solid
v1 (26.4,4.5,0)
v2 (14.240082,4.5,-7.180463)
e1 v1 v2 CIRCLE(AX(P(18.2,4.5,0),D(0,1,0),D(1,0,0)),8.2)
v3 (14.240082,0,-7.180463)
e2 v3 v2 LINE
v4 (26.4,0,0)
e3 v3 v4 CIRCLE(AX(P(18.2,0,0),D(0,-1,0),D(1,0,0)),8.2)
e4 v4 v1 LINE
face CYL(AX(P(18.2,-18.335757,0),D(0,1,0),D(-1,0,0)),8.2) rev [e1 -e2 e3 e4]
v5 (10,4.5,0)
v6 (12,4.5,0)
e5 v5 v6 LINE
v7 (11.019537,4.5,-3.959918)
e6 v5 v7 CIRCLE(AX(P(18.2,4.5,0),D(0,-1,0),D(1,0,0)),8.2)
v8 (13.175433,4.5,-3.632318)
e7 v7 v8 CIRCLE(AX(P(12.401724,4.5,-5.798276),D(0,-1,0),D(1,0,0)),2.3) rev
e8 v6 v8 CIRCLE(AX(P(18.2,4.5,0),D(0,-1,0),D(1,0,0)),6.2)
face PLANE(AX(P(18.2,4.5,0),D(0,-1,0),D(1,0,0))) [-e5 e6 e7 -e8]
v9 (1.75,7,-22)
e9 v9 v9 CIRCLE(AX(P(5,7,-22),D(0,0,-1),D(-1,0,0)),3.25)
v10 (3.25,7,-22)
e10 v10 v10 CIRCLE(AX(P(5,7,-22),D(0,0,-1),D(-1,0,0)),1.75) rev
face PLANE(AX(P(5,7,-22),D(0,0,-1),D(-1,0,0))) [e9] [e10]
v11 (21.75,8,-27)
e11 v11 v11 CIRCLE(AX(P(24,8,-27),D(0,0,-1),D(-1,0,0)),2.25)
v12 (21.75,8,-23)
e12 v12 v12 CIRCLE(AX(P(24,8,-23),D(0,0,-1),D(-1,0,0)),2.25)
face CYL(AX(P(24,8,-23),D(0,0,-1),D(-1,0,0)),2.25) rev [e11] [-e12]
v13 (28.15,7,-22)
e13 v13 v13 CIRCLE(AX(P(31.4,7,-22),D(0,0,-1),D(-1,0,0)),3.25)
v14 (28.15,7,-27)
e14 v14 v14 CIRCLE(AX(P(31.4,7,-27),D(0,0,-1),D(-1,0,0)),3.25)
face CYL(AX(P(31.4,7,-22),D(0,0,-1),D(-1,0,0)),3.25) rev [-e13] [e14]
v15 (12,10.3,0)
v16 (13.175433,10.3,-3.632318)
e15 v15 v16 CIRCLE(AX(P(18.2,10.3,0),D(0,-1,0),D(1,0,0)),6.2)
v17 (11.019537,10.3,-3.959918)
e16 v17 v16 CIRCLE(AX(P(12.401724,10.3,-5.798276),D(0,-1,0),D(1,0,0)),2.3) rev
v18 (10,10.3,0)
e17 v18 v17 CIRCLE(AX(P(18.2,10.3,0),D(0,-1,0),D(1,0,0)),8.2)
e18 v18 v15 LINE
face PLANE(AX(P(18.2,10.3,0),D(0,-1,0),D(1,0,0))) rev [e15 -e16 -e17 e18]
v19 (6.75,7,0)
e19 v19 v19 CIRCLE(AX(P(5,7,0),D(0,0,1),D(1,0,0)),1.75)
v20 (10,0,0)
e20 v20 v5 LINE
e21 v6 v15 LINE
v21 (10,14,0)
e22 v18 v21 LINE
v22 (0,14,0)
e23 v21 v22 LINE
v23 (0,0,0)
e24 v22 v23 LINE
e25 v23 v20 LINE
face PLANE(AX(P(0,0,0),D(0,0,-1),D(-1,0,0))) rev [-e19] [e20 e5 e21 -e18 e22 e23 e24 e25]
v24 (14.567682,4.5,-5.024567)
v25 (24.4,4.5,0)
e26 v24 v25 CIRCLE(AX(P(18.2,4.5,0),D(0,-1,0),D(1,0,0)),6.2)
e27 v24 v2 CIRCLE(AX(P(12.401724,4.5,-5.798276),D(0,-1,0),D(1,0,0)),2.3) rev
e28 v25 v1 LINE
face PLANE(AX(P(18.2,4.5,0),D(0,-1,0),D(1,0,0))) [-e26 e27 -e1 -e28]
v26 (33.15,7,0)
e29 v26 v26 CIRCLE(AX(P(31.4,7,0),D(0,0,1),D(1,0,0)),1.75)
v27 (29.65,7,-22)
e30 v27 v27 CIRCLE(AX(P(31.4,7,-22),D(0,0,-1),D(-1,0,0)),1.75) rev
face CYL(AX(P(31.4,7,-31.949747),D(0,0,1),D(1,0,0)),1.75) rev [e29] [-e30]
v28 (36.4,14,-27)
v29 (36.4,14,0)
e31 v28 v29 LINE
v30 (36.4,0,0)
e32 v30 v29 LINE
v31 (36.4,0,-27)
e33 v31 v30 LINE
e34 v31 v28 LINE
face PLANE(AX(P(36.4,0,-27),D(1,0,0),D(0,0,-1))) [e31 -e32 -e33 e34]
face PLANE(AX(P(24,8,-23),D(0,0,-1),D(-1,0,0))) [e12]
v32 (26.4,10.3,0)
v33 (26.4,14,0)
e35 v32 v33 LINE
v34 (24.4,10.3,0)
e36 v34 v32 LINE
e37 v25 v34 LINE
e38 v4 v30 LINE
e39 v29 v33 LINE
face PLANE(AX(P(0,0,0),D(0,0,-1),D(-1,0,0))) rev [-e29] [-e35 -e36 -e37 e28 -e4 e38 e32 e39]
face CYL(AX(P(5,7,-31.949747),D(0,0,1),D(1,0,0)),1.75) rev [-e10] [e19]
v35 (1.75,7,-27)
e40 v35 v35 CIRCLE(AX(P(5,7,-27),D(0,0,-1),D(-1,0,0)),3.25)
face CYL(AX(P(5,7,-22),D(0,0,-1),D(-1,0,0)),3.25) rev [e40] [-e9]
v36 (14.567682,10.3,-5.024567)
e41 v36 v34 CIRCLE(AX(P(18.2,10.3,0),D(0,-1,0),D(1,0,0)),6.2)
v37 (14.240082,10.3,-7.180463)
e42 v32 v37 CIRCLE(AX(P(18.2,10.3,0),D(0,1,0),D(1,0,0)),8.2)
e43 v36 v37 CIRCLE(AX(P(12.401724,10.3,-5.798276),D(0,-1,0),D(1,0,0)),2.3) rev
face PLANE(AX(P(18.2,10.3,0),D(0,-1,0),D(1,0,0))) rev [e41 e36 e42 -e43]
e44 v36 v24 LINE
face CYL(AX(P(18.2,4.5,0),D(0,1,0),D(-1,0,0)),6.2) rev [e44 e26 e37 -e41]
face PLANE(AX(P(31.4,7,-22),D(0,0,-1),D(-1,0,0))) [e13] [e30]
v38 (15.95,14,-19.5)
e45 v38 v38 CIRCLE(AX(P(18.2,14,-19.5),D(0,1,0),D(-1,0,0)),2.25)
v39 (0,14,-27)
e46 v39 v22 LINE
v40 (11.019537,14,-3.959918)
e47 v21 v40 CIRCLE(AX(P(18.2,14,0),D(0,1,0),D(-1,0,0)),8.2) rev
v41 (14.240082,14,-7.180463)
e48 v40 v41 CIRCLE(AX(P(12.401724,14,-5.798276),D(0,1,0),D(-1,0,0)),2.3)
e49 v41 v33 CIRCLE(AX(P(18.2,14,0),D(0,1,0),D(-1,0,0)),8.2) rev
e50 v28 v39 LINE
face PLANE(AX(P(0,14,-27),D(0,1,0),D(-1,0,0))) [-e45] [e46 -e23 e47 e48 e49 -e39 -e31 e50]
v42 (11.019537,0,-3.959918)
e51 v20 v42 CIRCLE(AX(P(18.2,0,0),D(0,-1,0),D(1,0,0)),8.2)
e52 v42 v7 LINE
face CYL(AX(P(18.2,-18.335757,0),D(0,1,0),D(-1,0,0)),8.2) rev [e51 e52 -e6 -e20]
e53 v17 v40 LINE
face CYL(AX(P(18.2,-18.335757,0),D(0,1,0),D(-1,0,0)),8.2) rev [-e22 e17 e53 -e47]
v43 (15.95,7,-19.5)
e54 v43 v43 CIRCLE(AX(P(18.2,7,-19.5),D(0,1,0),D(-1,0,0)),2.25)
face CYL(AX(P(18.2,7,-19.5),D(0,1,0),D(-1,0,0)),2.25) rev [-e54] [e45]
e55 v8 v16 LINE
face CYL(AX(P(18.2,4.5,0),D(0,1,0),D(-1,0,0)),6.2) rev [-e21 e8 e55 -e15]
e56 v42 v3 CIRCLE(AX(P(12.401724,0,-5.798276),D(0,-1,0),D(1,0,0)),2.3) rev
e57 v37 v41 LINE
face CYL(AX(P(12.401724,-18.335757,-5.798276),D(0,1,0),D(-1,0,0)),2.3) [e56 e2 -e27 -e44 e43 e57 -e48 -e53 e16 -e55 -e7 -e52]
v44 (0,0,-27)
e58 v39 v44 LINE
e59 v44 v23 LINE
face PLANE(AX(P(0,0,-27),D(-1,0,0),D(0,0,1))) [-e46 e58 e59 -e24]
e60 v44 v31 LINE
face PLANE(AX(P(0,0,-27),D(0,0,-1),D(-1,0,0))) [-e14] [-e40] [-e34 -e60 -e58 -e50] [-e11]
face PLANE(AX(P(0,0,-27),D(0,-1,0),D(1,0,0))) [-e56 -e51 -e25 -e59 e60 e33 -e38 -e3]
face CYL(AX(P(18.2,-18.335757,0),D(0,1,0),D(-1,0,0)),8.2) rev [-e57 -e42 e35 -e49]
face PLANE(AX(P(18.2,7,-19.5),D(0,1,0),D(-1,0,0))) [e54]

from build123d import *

# Parameters (mm, degrees)
SKETCH1_W                          = 36.4
SKETCH1_H                          = 14
BOSS_EXTRUDE1_DEPTH                = 27
CUT_EXTRUDE1_DEPTH                 = 14
BOSS_EXTRUDE2_START                = -3.7
BOSS_EXTRUDE2_DEPTH                = 5.8
SKETCH3_R                          = 1.75
CUT_EXTRUDE2_DEPTH                 = 27
SKETCH5_R                          = 3.25
CUT_EXTRUDE3_DEPTH                 = 5
SKETCH6_R                          = 2.25
HEAT_SET_INSERT_FOR_EXTRUDER_DEPTH = 7
SKETCH8_R                          = 2.25
CUT_EXTRUDE4_DEPTH                 = 4


with BuildPart() as part:
    # Sketch1 → Boss-Extrude1 (new body)
    with BuildSketch(Plane.XY):
        with Locations((18.2, 7)):
            Rectangle(SKETCH1_W, SKETCH1_H)
    extrude(amount=-BOSS_EXTRUDE1_DEPTH)

    # Sketch2 → Cut-Extrude1 (cut)
    with BuildSketch(Plane(origin=(0, 14, 0), x_dir=(1, 0, 0), z_dir=(0, 1, 0))):
        with BuildLine():
            ThreePointArc((11.019537046, 3.959918151), (10.258973737, 2.044529747), (10, 0))
            Line((10, 0), (26.4, 0))
            ThreePointArc((26.4, 0), (22.369452672, 7.060854369), (14.240081849, 7.180462954))
            ThreePointArc((14.240081849, 7.180462954), (14.028069991, 4.171930009), (11.019537046, 3.959918151))
        make_face()
    extrude(amount=-CUT_EXTRUDE1_DEPTH, mode=Mode.SUBTRACT)

    # Sketch4 → Boss-Extrude2 (add)
    with BuildSketch(Plane(origin=(0, 14, 0), x_dir=(1, 0, 0), z_dir=(0, 1, 0)).offset(BOSS_EXTRUDE2_START)):
        with BuildLine():
            Line((12, 0), (10, 0))
            ThreePointArc((10, 0), (18.2, 8.2), (26.4, 0))
            Line((26.4, 0), (24.4, 0))
            ThreePointArc((24.4, 0), (18.2, 6.2), (12, 0))
        make_face()
    extrude(amount=-BOSS_EXTRUDE2_DEPTH)

    # Sketch3 → Cut-Extrude2 (cut)
    with BuildSketch(Plane.XY):
        with Locations((5, 7)):
            Circle(SKETCH3_R)
        with Locations((31.4, 7)):
            Circle(SKETCH3_R)
    extrude(amount=-CUT_EXTRUDE2_DEPTH, mode=Mode.SUBTRACT)

    # Sketch5 → Cut-Extrude3 (cut)
    with BuildSketch(Plane(origin=(0, 0, -27), x_dir=(-1, 0, 0), z_dir=(0, 0, -1))):
        with Locations((-31.4, 7)):
            Circle(SKETCH5_R)
        with Locations((-5, 7)):
            Circle(SKETCH5_R)
    extrude(amount=-CUT_EXTRUDE3_DEPTH, mode=Mode.SUBTRACT)

    # Sketch6 → heat set insert for extruder (cut)
    with BuildSketch(Plane(origin=(0, 14, 0), x_dir=(1, 0, 0), z_dir=(0, 1, 0))):
        with Locations((18.2, 19.5)):
            Circle(SKETCH6_R)
    extrude(amount=-HEAT_SET_INSERT_FOR_EXTRUDER_DEPTH, mode=Mode.SUBTRACT)

    # Sketch8 → Cut-Extrude4 (cut)
    with BuildSketch(Plane(origin=(0, 0, -27), x_dir=(-1, 0, 0), z_dir=(0, 0, -1))):
        with Locations((-24, 8)):
            Circle(SKETCH8_R)
    extrude(amount=-CUT_EXTRUDE4_DEPTH, mode=Mode.SUBTRACT)


solid = part.part
